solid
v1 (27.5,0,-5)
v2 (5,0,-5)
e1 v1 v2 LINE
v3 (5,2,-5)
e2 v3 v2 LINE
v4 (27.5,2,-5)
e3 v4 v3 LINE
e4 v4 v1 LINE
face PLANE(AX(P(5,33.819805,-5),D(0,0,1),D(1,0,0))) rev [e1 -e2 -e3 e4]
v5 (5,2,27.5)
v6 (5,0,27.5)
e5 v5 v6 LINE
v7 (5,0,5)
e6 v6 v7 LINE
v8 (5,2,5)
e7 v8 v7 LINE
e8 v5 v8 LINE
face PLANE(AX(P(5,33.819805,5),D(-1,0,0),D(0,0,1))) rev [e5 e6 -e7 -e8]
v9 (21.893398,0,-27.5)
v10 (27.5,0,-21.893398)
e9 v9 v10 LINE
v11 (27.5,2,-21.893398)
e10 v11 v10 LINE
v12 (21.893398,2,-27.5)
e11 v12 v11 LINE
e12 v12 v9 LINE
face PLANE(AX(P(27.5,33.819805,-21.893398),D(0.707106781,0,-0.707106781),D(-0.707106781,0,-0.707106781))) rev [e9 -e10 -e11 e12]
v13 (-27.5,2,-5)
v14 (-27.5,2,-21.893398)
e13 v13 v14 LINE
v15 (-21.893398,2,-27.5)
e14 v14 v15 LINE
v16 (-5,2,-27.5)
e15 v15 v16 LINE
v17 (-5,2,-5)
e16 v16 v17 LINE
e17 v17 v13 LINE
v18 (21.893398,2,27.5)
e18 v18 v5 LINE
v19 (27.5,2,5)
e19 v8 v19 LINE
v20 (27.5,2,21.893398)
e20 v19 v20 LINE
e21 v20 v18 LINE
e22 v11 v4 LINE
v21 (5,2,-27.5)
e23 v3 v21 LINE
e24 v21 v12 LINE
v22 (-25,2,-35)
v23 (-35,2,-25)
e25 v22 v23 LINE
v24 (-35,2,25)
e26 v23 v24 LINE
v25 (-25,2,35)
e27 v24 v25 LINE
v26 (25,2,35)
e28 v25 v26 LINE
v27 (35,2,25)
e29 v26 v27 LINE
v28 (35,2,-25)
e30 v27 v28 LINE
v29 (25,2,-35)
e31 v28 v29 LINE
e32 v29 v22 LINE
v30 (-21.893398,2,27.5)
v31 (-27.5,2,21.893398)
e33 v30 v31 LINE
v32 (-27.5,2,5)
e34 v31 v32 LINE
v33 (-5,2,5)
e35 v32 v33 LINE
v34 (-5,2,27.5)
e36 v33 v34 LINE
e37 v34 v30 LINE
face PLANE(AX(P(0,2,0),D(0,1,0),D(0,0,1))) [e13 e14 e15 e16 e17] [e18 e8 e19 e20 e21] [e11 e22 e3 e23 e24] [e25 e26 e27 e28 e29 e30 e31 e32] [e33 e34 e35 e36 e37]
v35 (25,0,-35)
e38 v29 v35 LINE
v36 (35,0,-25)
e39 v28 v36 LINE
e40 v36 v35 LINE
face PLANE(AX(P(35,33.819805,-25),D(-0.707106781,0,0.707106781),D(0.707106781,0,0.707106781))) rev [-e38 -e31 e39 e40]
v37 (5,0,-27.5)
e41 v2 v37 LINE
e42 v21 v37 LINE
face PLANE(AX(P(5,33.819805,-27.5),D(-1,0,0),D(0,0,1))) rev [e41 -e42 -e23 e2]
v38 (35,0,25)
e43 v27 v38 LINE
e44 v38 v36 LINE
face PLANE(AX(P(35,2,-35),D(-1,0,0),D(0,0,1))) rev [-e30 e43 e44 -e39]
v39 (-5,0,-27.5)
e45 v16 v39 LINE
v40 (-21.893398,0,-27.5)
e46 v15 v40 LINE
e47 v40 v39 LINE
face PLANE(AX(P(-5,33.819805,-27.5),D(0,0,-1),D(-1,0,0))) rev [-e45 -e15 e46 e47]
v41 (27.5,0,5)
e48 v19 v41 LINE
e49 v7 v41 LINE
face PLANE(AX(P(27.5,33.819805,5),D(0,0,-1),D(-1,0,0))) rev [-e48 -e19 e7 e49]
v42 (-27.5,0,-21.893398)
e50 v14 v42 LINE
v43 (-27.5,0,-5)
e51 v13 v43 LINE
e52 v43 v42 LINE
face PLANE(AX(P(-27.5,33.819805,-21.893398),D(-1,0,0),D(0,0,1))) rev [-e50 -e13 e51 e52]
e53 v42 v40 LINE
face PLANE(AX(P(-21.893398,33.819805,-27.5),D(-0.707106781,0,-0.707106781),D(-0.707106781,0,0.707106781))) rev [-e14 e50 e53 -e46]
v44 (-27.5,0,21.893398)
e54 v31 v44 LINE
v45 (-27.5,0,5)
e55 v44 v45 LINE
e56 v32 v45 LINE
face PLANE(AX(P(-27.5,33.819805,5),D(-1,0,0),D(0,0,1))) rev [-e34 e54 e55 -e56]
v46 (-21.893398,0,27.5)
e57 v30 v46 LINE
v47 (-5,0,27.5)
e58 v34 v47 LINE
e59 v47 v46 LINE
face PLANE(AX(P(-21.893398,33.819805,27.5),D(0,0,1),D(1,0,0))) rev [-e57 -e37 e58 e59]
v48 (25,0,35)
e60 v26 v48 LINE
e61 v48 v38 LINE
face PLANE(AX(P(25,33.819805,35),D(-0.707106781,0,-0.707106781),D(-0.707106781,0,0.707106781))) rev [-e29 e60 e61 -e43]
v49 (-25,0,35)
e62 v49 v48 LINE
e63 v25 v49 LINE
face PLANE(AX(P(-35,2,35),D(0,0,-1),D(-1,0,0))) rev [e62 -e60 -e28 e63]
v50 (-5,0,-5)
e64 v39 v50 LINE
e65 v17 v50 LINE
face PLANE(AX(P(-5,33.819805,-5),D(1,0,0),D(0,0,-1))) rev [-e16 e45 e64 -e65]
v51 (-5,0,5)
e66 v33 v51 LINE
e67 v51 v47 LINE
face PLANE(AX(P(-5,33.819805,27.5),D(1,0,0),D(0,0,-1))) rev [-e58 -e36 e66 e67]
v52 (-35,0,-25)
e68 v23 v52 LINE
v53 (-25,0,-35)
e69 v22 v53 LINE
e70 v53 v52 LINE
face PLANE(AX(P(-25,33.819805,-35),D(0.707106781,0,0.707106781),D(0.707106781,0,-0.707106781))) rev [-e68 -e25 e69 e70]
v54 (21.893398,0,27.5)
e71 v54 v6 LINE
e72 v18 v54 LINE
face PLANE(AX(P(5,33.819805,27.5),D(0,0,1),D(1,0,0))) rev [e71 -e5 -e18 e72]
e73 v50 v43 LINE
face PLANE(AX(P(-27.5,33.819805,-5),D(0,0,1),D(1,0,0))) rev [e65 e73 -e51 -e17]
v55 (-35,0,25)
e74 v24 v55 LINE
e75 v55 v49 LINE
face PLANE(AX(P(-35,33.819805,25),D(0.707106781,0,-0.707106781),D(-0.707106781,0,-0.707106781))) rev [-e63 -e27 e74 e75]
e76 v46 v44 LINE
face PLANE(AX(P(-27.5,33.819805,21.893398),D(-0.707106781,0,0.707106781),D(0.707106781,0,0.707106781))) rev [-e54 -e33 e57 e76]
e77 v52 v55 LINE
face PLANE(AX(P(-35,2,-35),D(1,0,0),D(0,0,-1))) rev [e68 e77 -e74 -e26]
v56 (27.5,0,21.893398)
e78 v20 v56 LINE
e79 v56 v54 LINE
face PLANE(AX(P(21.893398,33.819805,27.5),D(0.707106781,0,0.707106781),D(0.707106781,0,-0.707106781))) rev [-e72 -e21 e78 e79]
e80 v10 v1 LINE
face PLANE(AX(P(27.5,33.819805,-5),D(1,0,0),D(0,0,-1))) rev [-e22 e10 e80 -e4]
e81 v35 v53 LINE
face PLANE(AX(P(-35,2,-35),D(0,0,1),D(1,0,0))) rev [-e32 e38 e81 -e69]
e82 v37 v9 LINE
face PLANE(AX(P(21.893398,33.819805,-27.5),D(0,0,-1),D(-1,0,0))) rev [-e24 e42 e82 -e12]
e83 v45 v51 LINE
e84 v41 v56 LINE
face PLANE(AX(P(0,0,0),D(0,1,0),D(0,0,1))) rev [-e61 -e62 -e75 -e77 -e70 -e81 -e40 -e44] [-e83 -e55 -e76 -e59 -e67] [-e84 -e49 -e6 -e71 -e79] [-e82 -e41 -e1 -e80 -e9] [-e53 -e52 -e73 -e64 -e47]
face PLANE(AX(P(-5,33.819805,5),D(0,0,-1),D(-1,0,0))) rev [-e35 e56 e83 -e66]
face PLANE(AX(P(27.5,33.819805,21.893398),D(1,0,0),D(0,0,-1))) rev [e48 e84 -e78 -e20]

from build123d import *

# Parameters (mm, degrees)
SKETCH2_W           = 70
SKETCH2_H           = 70
BOSS_EXTRUDE1_DEPTH = 2
CUT_EXTRUDE1_DEPTH  = 2
CIRPATTERN1_COUNT   = 4


with BuildPart() as part:
    # Sketch2 → Boss-Extrude1 (new body)
    with BuildSketch(Plane(origin=(0, 0, 0), x_dir=(1, 0, 0), z_dir=(0, 1, 0))):
        Rectangle(SKETCH2_W, SKETCH2_H)
    extrude(amount=BOSS_EXTRUDE1_DEPTH)

    # Sketch4 → Cut-Extrude1 (cut)
    with BuildSketch(Plane.XZ):
        Polygon((25, 35), (35, 25), (35, 35), align=None)
        Polygon((21.893398282, 27.5), (27.5, 21.893398282), (27.5, 5), (5, 5), (5, 27.5), align=None)
    cut_extrude1 = extrude(amount=-CUT_EXTRUDE1_DEPTH, mode=Mode.SUBTRACT)

    # CirPattern1: Cut-Extrude1 ×4 about axis
    cirpattern1_axis = Axis((0, 0, 0), (0, 1, 0))
    for i in range(1, CIRPATTERN1_COUNT):
        add(cut_extrude1.rotate(cirpattern1_axis, i * 360 / CIRPATTERN1_COUNT), mode=Mode.SUBTRACT)


solid = part.part
